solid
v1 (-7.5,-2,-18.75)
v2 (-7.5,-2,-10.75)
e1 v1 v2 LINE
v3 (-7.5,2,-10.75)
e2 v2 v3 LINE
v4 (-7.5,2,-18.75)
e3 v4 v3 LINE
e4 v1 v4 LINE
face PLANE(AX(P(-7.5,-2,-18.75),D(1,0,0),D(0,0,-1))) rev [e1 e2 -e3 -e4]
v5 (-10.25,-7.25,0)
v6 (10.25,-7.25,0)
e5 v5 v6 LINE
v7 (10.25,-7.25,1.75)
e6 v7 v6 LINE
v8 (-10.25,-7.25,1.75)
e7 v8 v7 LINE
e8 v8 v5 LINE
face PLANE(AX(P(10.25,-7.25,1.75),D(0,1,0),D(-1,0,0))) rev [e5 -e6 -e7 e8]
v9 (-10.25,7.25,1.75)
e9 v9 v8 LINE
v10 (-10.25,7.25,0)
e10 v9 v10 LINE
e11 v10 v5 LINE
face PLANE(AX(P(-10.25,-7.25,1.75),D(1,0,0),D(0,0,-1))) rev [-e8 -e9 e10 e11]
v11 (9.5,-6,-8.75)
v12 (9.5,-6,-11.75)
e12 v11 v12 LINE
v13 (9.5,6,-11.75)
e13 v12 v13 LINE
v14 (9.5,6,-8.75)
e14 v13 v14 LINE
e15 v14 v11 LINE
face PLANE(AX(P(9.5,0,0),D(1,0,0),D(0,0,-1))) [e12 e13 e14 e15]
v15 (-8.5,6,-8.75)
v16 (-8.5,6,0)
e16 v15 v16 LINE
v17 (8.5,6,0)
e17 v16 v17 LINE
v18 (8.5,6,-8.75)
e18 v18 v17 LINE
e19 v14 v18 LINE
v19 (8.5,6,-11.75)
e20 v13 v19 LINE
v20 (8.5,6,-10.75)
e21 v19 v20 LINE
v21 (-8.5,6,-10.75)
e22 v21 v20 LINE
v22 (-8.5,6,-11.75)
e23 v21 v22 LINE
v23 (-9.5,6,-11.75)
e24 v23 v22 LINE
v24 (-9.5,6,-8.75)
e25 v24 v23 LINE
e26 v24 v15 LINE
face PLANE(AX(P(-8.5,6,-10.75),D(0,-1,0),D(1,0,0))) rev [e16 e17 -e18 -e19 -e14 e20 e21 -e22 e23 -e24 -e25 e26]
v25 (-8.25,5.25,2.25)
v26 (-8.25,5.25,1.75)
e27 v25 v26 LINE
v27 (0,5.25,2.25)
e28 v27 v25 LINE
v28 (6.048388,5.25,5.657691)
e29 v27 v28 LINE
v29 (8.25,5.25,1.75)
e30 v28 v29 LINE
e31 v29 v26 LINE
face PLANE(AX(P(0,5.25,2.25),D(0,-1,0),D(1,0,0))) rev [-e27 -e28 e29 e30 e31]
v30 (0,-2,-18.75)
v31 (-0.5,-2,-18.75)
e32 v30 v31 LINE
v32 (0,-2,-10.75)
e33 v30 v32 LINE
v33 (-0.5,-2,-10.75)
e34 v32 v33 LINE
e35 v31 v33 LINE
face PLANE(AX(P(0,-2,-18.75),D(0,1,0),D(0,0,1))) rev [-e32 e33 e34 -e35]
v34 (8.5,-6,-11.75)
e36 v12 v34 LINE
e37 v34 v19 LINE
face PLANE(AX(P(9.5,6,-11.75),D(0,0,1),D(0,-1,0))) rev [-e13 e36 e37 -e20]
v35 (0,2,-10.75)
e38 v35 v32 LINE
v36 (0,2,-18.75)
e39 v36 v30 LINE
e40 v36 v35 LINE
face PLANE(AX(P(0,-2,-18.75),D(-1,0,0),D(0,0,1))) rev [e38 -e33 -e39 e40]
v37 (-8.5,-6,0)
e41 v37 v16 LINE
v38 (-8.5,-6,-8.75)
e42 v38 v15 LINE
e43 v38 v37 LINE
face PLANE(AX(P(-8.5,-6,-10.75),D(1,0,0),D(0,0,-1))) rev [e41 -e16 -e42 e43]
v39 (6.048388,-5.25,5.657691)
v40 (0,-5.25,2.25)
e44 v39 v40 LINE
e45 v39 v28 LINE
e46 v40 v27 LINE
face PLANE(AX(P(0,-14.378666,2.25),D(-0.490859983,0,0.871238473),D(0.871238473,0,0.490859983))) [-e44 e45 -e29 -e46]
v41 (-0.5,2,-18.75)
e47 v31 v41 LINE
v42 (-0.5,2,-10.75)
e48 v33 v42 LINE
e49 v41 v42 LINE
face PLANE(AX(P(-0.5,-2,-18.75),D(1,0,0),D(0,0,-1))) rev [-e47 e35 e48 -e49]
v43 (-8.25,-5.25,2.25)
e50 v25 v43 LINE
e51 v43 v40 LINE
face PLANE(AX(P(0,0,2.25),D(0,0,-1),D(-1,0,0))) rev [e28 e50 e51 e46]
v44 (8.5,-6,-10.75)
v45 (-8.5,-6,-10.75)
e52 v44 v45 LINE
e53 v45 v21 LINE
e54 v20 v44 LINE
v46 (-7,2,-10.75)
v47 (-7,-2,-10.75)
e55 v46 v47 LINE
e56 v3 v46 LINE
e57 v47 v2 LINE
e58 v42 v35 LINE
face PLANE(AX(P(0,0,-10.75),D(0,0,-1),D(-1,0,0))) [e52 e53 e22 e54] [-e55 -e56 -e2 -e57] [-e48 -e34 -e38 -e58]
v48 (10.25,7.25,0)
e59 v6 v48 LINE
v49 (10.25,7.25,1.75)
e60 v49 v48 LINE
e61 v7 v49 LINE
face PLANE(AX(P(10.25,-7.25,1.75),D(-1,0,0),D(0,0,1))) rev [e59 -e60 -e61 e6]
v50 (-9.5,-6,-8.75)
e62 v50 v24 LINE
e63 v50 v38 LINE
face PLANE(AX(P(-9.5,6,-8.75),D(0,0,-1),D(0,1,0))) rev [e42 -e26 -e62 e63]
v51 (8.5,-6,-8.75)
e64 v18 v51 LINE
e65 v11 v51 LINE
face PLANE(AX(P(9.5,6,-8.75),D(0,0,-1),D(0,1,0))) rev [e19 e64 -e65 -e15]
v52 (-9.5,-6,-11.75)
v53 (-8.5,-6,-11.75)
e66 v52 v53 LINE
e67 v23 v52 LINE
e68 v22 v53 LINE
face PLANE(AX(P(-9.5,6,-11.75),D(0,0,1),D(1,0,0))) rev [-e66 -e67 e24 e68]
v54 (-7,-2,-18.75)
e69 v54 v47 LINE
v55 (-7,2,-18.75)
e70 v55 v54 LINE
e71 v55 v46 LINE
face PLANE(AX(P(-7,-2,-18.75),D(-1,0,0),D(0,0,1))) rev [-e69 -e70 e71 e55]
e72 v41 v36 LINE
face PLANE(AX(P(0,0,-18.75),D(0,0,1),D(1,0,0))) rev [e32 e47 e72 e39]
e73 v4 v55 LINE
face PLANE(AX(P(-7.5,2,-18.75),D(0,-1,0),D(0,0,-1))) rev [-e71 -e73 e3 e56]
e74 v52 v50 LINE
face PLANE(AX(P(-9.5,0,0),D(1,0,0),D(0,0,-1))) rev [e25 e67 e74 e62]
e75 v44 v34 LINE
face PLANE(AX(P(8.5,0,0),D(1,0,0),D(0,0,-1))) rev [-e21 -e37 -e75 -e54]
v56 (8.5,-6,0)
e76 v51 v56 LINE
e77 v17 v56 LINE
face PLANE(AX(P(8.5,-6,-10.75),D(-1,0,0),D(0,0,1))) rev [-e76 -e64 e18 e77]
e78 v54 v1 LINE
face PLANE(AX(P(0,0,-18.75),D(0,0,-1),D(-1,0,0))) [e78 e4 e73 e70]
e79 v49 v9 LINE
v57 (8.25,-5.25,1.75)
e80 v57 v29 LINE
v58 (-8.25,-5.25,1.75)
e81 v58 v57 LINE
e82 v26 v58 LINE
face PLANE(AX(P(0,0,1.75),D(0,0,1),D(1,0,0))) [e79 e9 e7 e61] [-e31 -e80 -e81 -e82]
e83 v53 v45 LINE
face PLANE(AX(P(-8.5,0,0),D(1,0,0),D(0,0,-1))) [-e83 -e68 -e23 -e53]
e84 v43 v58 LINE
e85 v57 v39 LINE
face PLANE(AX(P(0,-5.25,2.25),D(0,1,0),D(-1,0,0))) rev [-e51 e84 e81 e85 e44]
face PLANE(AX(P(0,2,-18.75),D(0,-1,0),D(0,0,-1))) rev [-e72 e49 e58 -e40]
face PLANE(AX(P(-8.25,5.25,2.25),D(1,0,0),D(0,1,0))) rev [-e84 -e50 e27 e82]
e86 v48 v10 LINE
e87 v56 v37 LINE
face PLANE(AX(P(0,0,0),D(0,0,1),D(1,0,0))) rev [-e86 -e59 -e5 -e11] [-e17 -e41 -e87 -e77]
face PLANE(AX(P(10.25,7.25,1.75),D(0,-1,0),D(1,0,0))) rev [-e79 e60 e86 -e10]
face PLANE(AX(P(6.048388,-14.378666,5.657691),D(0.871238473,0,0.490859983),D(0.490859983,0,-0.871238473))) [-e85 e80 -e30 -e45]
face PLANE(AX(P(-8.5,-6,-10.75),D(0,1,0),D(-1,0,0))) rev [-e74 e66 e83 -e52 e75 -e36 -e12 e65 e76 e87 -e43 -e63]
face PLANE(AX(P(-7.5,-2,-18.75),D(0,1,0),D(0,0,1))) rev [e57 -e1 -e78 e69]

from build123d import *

# Parameters (mm, degrees)
SCHIZZO1_W                   = 20.5
SCHIZZO1_H                   = 14.5
ESTRUSIONE_ESTRUSIONE1_DEPTH = 1.75
SCHIZZO2_W                   = 17
SCHIZZO2_H                   = 12
ESTRUSIONE_ESTRUSIONE2_DEPTH = 10.75
SCHIZZO3_W                   = 3
SCHIZZO3_H                   = 12
ESTRUSIONE_ESTRUSIONE3_DEPTH = 1
SCHIZZO4_W                   = 3
SCHIZZO4_H                   = 12
ESTRUSIONE_ESTRUSIONE4_DEPTH = 1
SCHIZZO6_W                   = 8.25
SCHIZZO6_H                   = 10.5
ESTRUSIONE_ESTRUSIONE5_DEPTH = 0.5
ESTRUSIONE_ESTRUSIONE6_DEPTH = 10.5
SCHIZZO9_W                   = 0.5
SCHIZZO9_H                   = 4
ESTRUSIONE_ESTRUSIONE7_DEPTH = 8


with BuildPart() as part:
    # Schizzo1 → Estrusione-Estrusione1 (new body)
    with BuildSketch(Plane.XY):
        Rectangle(SCHIZZO1_W, SCHIZZO1_H)
    extrude(amount=ESTRUSIONE_ESTRUSIONE1_DEPTH)

    # Schizzo2 → Estrusione-Estrusione2 (add)
    with BuildSketch(Plane(origin=(0, 0, 0), x_dir=(-1, 0, 0), z_dir=(0, 0, -1))):
        Rectangle(SCHIZZO2_W, SCHIZZO2_H)
    extrude(amount=ESTRUSIONE_ESTRUSIONE2_DEPTH)

    # Schizzo3 → Estrusione-Estrusione3 (add)
    with BuildSketch(Plane(origin=(8.5, 0, 0), x_dir=(0, 0, -1), z_dir=(1, 0, 0))):
        with Locations((10.25, 0)):
            Rectangle(SCHIZZO3_W, SCHIZZO3_H)
    extrude(amount=ESTRUSIONE_ESTRUSIONE3_DEPTH)

    # Schizzo4 → Estrusione-Estrusione4 (add)
    with BuildSketch(Plane.ZY.offset(8.5)):
        with Locations((-10.25, 0)):
            Rectangle(SCHIZZO4_W, SCHIZZO4_H)
    extrude(amount=ESTRUSIONE_ESTRUSIONE4_DEPTH)

    # Schizzo6 → Estrusione-Estrusione5 (add)
    with BuildSketch(Plane.XY.offset(1.75)):
        with Locations((-4.125, 0)):
            Rectangle(SCHIZZO6_W, SCHIZZO6_H)
    extrude(amount=ESTRUSIONE_ESTRUSIONE5_DEPTH)

    # Schizzo8 → Estrusione-Estrusione6 (add)
    with BuildSketch(Plane(origin=(0, 5.25, 0), x_dir=(1, 0, 0), z_dir=(0, 1, 0))):
        Polygon((0, -2.25), (6.048387887, -5.65769108), (8.25, -1.75), (0, -1.75), align=None)
    extrude(amount=-ESTRUSIONE_ESTRUSIONE6_DEPTH)

    # Schizzo9 → Estrusione-Estrusione7 (add)
    with BuildSketch(Plane(origin=(0, 0, -10.75), x_dir=(-1, 0, 0), z_dir=(0, 0, -1))):
        with Locations((7.25, 0)):
            Rectangle(SCHIZZO9_W, SCHIZZO9_H)
        with Locations((0.25, 0)):
            Rectangle(SCHIZZO9_W, SCHIZZO9_H)
    extrude(amount=ESTRUSIONE_ESTRUSIONE7_DEPTH)


solid = part.part
